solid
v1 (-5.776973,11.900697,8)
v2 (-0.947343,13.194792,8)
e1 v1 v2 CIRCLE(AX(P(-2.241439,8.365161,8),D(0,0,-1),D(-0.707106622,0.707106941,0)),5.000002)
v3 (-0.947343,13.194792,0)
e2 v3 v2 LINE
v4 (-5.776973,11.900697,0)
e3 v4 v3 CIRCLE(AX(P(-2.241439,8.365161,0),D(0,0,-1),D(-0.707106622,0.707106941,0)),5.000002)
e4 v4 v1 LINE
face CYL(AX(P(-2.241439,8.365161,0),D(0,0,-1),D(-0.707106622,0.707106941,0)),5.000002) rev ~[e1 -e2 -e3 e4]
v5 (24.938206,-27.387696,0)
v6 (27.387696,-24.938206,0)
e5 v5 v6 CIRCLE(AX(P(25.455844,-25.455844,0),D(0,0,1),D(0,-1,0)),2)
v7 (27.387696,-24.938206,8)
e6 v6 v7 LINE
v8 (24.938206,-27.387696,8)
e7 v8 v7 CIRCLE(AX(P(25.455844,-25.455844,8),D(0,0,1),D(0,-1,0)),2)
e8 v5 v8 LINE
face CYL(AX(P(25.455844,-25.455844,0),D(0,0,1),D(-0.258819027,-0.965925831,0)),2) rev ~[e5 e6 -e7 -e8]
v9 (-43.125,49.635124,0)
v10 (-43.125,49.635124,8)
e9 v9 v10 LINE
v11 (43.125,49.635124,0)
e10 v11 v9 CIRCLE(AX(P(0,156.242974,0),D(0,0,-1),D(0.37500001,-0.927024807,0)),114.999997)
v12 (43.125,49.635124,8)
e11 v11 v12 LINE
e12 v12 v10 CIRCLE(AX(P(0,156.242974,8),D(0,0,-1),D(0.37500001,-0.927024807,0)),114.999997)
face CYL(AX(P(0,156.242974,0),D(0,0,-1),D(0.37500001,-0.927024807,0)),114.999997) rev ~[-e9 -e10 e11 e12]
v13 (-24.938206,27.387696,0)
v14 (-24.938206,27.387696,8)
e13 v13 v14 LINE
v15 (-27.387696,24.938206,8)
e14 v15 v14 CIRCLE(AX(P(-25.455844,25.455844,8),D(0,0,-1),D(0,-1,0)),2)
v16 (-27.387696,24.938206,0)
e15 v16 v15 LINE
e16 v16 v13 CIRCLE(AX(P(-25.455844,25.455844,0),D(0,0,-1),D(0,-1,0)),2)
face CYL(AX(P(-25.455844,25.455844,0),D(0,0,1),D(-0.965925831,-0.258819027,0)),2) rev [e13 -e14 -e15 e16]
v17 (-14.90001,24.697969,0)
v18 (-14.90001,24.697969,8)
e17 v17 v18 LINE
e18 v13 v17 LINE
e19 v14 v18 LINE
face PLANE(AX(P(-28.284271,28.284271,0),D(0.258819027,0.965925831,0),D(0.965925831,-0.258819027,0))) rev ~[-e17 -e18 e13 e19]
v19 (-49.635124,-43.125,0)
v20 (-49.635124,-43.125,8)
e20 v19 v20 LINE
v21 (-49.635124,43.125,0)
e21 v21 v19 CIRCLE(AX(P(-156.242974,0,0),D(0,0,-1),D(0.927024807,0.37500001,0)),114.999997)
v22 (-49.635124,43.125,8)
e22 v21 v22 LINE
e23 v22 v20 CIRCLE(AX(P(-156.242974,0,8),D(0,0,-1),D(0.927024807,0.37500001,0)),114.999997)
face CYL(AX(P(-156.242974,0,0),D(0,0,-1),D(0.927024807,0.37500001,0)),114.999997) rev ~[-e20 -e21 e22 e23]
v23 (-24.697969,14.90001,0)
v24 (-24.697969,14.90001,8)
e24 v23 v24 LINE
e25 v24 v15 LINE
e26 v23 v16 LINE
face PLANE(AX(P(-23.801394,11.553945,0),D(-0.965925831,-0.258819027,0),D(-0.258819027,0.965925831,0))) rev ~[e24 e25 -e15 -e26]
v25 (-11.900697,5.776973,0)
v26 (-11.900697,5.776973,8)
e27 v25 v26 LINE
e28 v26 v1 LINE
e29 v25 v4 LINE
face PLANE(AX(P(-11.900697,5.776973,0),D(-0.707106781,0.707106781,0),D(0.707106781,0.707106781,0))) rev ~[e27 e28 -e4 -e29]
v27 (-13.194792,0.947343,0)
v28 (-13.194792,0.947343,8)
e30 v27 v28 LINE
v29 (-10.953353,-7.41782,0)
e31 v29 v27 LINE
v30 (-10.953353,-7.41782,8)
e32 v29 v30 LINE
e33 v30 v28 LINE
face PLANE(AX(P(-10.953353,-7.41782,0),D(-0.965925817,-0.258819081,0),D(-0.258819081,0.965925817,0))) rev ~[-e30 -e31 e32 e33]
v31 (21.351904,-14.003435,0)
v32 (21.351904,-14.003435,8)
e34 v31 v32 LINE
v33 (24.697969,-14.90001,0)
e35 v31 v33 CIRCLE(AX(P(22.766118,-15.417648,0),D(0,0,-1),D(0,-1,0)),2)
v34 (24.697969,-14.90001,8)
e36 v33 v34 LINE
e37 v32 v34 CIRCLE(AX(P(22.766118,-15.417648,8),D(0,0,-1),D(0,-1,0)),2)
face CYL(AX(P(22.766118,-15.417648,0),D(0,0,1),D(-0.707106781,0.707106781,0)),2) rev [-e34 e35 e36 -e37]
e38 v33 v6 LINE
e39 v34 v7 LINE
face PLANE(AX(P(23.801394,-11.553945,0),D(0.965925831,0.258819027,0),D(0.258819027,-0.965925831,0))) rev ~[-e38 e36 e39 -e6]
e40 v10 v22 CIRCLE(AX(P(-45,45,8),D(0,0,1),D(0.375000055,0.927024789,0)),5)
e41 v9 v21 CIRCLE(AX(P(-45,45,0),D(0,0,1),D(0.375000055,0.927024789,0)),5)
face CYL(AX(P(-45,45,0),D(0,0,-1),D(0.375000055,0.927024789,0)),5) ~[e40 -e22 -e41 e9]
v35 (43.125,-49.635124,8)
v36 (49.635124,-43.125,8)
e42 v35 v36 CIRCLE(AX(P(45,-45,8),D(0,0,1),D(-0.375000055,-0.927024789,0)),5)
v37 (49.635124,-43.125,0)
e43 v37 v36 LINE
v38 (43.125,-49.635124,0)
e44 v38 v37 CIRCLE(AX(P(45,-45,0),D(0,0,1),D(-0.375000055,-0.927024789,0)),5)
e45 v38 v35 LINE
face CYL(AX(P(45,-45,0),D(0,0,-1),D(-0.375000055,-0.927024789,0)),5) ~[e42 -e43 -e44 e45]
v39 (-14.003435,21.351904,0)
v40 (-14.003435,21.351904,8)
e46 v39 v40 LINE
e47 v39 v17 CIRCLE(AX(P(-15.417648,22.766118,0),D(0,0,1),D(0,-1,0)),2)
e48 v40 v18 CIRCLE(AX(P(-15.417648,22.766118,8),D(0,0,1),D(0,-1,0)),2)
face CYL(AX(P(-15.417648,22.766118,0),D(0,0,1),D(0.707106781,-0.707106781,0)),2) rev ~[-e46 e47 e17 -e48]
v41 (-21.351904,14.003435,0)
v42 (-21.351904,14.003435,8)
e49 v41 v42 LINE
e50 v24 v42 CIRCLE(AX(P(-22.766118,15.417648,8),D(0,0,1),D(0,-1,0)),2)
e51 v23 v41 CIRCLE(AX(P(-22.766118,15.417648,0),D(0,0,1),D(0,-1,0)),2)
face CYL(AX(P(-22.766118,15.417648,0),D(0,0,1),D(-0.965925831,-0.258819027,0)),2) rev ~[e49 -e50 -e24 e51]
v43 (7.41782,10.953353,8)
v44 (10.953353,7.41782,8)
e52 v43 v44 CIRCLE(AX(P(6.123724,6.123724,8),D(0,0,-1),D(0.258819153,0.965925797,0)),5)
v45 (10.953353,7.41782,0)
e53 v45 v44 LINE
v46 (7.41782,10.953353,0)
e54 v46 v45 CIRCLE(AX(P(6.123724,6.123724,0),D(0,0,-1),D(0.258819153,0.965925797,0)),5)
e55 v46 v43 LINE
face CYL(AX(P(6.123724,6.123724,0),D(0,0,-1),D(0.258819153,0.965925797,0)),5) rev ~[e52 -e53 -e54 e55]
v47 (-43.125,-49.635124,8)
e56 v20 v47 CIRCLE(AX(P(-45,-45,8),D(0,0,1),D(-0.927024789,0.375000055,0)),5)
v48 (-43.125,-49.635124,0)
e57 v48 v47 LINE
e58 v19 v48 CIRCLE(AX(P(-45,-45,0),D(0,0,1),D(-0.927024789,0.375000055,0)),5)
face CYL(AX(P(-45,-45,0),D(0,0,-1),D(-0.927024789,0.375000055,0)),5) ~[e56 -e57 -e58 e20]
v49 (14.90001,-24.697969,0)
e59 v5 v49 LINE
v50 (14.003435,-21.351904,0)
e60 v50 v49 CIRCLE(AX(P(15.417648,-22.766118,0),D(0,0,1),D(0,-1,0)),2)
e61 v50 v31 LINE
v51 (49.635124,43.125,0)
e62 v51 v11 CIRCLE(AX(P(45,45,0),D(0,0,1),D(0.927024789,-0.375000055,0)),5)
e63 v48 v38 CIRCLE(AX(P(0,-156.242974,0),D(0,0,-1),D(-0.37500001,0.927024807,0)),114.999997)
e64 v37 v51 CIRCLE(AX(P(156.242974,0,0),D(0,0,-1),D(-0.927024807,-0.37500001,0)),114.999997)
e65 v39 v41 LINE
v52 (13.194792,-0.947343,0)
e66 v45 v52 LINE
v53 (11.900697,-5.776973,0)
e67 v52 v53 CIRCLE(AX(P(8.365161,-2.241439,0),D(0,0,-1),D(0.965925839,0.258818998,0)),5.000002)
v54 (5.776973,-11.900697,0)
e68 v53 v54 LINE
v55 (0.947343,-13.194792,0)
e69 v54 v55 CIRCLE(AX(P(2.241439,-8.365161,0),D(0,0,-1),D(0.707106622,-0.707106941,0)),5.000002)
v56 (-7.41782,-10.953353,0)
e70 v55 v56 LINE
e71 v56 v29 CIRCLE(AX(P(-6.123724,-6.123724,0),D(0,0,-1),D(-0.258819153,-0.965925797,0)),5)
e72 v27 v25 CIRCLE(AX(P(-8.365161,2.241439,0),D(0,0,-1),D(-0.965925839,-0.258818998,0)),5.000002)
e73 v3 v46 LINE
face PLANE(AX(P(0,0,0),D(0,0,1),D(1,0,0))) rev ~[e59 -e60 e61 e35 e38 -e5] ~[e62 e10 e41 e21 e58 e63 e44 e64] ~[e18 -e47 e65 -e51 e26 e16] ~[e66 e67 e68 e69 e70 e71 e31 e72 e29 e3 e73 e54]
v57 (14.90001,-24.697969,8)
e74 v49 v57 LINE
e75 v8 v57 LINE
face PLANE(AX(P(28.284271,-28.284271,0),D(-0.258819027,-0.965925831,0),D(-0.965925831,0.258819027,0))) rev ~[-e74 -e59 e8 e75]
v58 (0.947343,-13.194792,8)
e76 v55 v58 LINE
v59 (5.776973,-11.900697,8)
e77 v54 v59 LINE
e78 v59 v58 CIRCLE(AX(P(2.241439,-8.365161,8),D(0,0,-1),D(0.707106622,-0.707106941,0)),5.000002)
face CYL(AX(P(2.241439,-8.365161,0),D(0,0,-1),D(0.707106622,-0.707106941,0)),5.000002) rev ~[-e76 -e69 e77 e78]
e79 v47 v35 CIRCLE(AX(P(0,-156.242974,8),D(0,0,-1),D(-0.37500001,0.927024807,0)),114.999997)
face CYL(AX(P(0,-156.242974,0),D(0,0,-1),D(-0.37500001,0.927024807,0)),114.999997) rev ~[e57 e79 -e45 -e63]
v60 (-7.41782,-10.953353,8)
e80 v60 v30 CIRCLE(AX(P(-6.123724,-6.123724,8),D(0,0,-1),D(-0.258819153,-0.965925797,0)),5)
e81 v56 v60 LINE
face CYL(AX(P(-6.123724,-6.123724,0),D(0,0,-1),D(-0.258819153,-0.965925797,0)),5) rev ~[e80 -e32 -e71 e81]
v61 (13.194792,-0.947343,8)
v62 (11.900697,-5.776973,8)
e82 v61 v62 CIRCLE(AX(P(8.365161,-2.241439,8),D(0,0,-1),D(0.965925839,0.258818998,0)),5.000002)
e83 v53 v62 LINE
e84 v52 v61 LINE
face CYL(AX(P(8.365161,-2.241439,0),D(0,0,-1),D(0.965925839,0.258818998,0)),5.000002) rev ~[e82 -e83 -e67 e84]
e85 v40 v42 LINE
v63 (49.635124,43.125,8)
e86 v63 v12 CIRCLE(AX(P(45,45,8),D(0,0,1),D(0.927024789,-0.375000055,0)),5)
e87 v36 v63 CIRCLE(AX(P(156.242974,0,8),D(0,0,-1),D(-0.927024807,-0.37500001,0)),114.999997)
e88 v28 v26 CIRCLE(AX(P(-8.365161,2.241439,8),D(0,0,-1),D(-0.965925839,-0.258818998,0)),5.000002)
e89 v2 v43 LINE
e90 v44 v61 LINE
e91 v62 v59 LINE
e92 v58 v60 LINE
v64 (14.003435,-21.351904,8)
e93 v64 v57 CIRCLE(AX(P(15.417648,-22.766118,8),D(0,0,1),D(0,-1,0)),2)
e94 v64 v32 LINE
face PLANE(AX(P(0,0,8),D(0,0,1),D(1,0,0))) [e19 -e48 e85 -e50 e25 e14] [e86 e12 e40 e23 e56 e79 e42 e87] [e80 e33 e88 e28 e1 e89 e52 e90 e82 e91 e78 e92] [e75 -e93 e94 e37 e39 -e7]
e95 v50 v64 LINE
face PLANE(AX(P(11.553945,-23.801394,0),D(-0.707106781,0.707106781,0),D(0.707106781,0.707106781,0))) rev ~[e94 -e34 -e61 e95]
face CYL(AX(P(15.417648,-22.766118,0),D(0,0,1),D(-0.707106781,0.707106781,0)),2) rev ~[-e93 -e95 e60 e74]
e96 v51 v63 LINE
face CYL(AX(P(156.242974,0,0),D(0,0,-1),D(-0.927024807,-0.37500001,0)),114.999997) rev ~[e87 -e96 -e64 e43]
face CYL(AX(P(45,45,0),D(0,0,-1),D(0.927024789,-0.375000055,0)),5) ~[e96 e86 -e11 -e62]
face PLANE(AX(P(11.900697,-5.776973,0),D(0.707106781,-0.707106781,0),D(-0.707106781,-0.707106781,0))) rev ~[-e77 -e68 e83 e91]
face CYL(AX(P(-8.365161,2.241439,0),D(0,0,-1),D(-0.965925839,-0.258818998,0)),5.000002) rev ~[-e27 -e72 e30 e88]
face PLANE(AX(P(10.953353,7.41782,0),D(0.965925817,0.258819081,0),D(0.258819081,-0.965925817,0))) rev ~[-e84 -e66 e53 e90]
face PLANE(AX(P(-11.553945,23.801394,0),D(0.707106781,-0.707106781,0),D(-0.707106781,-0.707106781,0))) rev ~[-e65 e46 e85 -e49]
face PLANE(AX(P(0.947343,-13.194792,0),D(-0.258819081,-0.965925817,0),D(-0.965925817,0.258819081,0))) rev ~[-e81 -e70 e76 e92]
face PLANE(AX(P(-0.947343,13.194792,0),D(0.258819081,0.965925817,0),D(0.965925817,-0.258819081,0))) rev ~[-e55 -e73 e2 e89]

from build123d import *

# Parameters (mm, degrees)
F1_DEPTH = 8
F2_R     = 2


with BuildPart() as f1:
    # F0 (on Top) → F1 (new body)
    with BuildSketch(Plane.XY):
        with BuildLine():
            ThreePointArc((43.125, 49.635124), (0, 41.242977), (-43.125, 49.635124))
            ThreePointArc((-43.125, 49.635124), (-48.535534, 48.535534), (-49.635124, 43.125))
            ThreePointArc((-49.635124, 43.125), (-41.242977, 0), (-49.635124, -43.125))
            ThreePointArc((-49.635124, -43.125), (-48.535534, -48.535534), (-43.125, -49.635124))
            ThreePointArc((-43.125, -49.635124), (0, -41.242977), (43.125, -49.635124))
            ThreePointArc((43.125, -49.635124), (48.535534, -48.535534), (49.635124, -43.125))
            ThreePointArc((49.635124, -43.125), (41.242977, 0), (49.635124, 43.125))
            ThreePointArc((49.635124, 43.125), (48.535534, 48.535534), (43.125, 49.635124))
        make_face()
        Polygon((23.801394, -11.553945), (28.284271, -28.284271), (11.553945, -23.801394), align=None, mode=Mode.SUBTRACT)
        Polygon((-28.284271, 28.284271), (-11.553945, 23.801394), (-23.801394, 11.553945), align=None, mode=Mode.SUBTRACT)
        with BuildLine():
            ThreePointArc((13.194792, -0.947343), (13.194792, -3.535534), (11.900697, -5.776973))
            Line((11.900697, -5.776973), (5.776973, -11.900697))
            ThreePointArc((5.776973, -11.900697), (3.535534, -13.194792), (0.947343, -13.194792))
            Line((0.947343, -13.194792), (-7.41782, -10.953353))
            ThreePointArc((-7.41782, -10.953353), (-9.659258, -9.659258), (-10.953353, -7.41782))
            Line((-10.953353, -7.41782), (-13.194792, 0.947343))
            ThreePointArc((-13.194792, 0.947343), (-13.194792, 3.535534), (-11.900697, 5.776973))
            Line((-11.900697, 5.776973), (-5.776973, 11.900697))
            ThreePointArc((-5.776973, 11.900697), (-3.535534, 13.194792), (-0.947343, 13.194792))
            Line((-0.947343, 13.194792), (7.41782, 10.953353))
            ThreePointArc((7.41782, 10.953353), (9.659258, 9.659258), (10.953353, 7.41782))
            Line((10.953353, 7.41782), (13.194792, -0.947343))
        make_face(mode=Mode.SUBTRACT)
    extrude(amount=F1_DEPTH)

    # F2
    f2_edges = [f1.edges().sort_by_distance(p)[0] for p in [
        (-28.284271, 28.284271, 4),
        (-11.553945, 23.801394, 4),
        (-23.801394, 11.553945, 4),
        (23.801394, -11.553945, 4),
        (11.553945, -23.801394, 4),
        (28.284271, -28.284271, 4),
    ]]
    fillet(f2_edges, radius=F2_R)


solid = f1.part
